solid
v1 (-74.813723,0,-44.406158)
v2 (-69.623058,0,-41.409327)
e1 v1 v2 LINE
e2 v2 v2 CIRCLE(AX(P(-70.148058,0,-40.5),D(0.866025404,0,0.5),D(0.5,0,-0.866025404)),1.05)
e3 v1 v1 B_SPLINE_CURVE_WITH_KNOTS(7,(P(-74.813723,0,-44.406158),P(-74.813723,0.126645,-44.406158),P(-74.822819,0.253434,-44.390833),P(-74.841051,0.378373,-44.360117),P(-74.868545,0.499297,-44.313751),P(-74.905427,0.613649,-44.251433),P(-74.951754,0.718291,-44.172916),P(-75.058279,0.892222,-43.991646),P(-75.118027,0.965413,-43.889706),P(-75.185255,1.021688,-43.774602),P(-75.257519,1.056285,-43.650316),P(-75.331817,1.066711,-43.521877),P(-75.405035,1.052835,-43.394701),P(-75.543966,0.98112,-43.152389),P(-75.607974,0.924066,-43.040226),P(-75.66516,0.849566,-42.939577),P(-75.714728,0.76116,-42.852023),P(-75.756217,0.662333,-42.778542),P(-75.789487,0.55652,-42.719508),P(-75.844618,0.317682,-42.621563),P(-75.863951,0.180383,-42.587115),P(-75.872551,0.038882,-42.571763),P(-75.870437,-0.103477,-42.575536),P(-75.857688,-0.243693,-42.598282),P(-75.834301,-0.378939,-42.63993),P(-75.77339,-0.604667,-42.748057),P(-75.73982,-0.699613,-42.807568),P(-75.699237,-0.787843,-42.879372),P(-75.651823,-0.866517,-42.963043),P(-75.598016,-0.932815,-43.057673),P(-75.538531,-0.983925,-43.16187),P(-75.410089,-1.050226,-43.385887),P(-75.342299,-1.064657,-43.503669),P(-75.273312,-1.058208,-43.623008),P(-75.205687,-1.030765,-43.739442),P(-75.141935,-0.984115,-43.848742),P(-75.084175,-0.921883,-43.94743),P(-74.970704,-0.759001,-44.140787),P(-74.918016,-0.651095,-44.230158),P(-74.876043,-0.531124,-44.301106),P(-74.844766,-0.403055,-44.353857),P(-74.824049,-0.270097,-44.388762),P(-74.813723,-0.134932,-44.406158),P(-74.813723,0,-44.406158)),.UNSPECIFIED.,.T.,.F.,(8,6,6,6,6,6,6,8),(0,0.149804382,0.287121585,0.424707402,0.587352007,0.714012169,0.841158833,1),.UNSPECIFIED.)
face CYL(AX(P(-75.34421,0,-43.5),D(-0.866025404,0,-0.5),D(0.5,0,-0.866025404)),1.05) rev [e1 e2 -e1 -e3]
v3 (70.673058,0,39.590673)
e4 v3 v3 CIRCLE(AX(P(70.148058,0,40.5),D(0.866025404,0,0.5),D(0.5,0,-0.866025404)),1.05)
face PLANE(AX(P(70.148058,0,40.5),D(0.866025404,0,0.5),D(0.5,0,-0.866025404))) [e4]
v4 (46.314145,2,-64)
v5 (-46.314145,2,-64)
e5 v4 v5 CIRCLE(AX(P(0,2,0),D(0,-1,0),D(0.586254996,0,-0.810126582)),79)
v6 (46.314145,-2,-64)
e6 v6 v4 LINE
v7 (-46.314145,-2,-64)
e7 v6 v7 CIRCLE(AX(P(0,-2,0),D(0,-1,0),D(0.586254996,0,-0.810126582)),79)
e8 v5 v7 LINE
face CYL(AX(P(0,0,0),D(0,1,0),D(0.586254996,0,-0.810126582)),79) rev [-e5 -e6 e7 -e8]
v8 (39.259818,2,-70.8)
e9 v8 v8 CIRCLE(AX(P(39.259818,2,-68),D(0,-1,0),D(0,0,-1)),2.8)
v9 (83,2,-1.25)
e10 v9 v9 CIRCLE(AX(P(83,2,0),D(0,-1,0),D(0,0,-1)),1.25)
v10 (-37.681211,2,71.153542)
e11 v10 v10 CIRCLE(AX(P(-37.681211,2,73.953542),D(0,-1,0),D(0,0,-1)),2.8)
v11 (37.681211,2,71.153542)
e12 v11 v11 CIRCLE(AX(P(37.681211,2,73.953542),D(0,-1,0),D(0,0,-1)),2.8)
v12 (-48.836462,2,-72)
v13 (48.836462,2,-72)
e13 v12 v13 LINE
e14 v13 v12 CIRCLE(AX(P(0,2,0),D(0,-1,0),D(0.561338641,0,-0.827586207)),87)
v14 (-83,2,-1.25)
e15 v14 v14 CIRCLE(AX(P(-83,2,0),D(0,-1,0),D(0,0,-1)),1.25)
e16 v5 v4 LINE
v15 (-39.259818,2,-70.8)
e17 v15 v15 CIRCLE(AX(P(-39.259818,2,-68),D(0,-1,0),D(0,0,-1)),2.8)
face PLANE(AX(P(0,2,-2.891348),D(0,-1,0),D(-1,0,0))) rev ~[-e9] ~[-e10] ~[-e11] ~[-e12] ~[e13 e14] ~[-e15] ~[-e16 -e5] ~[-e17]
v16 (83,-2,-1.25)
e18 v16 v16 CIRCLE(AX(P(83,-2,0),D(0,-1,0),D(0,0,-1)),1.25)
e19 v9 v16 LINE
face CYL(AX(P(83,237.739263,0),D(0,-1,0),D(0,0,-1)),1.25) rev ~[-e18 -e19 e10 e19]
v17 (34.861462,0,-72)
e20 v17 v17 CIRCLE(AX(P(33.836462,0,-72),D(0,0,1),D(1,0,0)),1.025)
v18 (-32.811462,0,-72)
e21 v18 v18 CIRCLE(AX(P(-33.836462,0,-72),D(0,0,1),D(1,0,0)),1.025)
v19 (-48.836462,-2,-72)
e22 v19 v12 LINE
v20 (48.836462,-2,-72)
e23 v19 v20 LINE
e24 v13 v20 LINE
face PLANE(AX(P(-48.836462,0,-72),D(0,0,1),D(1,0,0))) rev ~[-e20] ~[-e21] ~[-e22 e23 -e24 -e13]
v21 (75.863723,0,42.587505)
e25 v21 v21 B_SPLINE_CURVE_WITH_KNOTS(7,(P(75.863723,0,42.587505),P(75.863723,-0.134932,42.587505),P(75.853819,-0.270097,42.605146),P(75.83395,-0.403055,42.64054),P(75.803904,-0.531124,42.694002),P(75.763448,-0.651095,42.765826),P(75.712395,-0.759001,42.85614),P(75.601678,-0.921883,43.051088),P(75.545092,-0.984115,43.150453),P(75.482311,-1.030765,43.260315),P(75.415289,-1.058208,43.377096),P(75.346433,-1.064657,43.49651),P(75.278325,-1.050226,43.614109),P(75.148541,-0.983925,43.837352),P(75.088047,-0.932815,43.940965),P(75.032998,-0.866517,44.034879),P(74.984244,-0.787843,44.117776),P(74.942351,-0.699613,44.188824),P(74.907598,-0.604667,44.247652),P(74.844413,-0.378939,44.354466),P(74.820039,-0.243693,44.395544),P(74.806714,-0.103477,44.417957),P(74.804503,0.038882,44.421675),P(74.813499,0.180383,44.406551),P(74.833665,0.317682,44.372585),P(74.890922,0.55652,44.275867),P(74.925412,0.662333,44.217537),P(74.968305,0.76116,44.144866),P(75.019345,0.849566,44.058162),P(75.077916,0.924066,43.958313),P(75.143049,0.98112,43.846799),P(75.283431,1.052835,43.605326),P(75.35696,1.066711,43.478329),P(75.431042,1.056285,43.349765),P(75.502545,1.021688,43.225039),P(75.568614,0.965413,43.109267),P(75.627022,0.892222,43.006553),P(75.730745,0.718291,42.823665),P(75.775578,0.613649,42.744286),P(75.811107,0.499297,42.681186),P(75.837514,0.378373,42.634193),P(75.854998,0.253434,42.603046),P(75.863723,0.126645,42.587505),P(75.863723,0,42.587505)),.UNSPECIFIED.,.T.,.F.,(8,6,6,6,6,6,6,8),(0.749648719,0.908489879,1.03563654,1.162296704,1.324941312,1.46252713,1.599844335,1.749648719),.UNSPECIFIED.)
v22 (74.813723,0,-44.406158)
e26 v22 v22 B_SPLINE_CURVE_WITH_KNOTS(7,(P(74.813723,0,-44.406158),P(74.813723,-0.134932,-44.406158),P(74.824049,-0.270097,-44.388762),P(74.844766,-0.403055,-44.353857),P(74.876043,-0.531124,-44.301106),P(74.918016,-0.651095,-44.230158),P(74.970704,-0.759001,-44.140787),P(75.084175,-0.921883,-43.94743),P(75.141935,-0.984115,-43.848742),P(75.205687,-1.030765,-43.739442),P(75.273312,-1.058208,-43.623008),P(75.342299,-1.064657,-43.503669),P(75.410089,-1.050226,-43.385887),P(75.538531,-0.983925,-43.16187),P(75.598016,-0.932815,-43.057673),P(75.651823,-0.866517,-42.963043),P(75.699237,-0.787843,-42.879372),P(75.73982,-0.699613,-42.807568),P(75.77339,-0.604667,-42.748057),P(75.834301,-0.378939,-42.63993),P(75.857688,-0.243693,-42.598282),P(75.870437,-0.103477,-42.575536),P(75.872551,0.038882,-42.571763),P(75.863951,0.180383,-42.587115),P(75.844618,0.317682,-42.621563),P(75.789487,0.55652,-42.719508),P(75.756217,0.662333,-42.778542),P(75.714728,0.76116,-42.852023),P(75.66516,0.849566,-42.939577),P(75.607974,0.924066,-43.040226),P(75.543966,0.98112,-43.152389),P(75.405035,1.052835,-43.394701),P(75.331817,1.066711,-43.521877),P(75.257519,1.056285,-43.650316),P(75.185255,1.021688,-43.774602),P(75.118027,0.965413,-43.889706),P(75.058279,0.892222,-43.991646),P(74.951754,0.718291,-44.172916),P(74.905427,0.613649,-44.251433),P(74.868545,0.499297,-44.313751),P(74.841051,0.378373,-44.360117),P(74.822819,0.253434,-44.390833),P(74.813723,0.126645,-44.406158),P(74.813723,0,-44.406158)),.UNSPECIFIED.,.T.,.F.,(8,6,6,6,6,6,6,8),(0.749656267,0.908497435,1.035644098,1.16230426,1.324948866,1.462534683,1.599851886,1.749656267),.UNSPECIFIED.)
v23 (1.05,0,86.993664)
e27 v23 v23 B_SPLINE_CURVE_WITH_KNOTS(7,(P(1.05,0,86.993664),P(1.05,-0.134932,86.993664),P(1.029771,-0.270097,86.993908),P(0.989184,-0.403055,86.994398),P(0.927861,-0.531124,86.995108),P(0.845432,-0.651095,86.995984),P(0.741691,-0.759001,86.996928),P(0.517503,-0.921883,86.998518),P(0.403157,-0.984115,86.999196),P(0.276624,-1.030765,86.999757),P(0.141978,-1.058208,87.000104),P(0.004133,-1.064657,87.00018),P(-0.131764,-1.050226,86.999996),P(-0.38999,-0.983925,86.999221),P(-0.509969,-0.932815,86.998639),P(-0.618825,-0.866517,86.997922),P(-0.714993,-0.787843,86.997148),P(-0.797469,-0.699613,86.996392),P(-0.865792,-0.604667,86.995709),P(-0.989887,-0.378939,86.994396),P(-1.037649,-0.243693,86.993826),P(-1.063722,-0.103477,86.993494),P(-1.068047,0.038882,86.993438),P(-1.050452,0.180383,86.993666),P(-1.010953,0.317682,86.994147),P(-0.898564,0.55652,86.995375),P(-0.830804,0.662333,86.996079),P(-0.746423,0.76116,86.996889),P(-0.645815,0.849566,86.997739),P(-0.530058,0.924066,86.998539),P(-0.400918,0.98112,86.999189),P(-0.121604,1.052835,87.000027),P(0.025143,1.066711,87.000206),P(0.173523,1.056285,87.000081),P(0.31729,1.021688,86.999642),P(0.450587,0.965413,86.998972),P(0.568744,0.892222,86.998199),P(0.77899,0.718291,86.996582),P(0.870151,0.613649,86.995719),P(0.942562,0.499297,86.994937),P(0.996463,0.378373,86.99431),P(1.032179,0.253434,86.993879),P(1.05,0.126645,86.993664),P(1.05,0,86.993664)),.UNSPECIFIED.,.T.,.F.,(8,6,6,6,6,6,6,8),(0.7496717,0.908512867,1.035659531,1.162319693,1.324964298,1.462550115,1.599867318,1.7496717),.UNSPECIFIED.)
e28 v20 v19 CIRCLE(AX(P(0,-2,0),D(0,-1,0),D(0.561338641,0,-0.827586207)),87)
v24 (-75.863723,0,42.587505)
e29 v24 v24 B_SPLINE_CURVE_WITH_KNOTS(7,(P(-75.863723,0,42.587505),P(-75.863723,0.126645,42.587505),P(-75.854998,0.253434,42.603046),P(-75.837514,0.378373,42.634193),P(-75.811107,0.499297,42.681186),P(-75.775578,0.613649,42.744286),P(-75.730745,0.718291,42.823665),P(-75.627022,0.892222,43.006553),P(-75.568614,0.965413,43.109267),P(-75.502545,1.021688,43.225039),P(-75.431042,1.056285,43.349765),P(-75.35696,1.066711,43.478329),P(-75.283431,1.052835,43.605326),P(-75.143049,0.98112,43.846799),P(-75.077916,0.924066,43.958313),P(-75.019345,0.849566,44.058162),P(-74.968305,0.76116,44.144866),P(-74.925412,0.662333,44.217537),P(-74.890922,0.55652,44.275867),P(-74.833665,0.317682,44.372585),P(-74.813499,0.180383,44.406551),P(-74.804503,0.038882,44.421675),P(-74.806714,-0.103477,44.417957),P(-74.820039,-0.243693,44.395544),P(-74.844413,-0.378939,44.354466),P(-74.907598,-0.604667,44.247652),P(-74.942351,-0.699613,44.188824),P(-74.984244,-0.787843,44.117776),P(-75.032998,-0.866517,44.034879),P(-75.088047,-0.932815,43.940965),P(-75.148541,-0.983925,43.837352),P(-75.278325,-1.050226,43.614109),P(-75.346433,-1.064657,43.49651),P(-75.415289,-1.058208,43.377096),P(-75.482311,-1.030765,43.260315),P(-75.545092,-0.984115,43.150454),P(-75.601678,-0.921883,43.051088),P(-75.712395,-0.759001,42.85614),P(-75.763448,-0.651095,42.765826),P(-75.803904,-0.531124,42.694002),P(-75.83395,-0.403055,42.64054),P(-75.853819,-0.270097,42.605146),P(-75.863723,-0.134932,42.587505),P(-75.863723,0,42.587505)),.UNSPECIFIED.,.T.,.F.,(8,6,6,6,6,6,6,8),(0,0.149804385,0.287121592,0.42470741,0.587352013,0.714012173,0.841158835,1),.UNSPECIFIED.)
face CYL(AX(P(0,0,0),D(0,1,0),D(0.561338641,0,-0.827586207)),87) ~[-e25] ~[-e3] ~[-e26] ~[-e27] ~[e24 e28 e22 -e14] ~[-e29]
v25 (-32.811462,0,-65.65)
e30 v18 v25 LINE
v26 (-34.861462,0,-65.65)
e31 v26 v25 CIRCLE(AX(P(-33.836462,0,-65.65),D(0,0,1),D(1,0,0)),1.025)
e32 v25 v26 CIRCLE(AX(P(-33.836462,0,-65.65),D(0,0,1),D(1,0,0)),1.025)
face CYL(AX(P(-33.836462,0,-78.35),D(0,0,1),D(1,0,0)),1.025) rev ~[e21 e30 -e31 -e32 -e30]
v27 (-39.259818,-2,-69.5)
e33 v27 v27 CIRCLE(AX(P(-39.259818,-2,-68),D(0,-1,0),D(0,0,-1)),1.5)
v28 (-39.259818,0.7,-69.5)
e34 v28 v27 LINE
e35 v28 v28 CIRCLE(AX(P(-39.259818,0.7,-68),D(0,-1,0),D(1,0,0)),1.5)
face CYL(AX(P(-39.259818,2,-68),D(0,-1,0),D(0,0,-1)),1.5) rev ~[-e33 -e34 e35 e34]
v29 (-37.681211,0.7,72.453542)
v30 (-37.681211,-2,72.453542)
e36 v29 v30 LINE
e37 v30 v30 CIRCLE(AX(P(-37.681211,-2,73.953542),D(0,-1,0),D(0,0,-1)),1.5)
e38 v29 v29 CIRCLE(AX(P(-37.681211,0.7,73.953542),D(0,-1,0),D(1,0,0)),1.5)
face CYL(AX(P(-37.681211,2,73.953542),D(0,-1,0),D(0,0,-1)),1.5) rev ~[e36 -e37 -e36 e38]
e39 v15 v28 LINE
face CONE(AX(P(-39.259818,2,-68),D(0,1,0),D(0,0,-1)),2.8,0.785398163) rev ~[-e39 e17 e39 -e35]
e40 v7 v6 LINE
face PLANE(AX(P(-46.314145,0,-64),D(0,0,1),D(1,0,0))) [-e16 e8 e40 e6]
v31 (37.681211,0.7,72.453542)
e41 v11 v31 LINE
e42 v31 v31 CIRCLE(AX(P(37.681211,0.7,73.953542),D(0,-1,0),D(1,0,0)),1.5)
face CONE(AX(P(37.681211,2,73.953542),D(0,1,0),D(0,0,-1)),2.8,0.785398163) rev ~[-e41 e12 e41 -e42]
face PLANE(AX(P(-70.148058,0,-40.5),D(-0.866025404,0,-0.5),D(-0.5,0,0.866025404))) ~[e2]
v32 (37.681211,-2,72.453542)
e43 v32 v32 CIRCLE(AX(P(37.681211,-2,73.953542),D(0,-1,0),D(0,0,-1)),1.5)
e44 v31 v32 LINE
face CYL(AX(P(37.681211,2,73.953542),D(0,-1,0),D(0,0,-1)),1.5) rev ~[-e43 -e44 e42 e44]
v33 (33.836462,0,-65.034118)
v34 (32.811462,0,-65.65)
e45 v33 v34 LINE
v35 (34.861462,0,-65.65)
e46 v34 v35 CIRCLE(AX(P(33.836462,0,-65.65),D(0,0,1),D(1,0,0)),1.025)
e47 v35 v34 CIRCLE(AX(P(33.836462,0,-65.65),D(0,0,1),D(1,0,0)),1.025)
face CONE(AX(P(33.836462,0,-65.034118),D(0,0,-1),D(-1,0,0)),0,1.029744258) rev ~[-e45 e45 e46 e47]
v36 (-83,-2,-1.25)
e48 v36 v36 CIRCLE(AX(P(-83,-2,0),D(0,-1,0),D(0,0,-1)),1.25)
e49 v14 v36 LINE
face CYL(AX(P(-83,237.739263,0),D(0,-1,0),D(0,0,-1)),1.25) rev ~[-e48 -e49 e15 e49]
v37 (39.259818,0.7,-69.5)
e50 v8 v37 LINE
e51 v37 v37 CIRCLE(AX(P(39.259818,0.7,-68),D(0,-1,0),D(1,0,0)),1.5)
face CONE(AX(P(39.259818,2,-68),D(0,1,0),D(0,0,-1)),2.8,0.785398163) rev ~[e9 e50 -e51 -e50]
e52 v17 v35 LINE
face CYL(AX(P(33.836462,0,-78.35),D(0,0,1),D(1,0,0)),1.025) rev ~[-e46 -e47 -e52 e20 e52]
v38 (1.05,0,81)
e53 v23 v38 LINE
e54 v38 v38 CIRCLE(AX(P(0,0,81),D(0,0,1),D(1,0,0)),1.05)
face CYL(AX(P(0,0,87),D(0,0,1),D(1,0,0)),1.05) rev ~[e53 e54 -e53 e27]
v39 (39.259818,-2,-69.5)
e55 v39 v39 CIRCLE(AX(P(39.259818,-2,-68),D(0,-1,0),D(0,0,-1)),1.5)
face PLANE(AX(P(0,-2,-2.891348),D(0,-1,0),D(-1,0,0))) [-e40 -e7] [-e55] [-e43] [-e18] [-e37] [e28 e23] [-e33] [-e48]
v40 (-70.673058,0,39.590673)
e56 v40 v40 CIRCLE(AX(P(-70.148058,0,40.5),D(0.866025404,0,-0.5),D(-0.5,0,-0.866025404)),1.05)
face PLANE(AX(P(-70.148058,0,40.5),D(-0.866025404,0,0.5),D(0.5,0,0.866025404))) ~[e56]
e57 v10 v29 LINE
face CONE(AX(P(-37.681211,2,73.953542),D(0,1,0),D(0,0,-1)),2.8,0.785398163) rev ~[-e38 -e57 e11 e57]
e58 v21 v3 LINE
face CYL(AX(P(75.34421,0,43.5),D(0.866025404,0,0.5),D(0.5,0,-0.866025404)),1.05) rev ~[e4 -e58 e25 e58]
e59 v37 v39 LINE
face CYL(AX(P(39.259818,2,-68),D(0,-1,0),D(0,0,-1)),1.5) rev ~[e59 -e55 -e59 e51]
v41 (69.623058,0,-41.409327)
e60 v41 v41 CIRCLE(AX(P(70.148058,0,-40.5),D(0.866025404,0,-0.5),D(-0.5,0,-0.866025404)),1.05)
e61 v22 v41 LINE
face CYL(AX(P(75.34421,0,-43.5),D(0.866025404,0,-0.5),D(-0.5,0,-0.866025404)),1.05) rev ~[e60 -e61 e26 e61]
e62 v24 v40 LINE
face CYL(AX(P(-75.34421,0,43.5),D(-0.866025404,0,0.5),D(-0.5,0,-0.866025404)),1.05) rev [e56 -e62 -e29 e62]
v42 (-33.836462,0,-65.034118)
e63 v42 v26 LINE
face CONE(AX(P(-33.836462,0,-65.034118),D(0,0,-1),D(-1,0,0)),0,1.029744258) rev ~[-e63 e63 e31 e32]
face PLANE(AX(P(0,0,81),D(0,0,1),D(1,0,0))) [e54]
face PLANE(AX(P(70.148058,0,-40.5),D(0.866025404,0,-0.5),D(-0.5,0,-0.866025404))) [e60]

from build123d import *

# Parameters (mm, degrees)
BOSS_EXTRUDE1_DEPTH           = 2
CSK_FOR_M3_SFHCS1_D           = 3
CSK_FOR_M3_SFHCS1_DEPTH       = 9.5
CSK_FOR_M3_SFHCS1_CSINK_D     = 5.6
CSK_FOR_M3_SFHCS1_CSINK_ANGLE = 90
CSK_FOR_M3_SFHCS1_TIP         = 0.901290929
SKETCH6_R                     = 1.05
CUT_EXTRUDE1_DEPTH            = 6
SKETCH7_R                     = 1.05
CUT_EXTRUDE2_DEPTH            = 6
SKETCH8_R                     = 1.05
CUT_EXTRUDE3_DEPTH            = 6
M2_5X0_45_TAPPED_HOLE1_D      = 2.05
M2_5X0_45_TAPPED_HOLE1_DEPTH  = 6.35
M2_5X0_45_TAPPED_HOLE1_TIP    = 0.615882135
TAP_DRILL_FOR_M3X0_5_TAP1_D   = 2.5


with BuildPart() as part:
    # Sketch1 → Boss-Extrude1 (new, symmetric)
    with BuildSketch(Plane(origin=(0, 0, 0), x_dir=(1, 0, 0), z_dir=(0, 1, 0))):
        with BuildLine():
            Line((-48.836461788, 72), (48.836461788, 72))
            ThreePointArc((48.836461788, 72), (0, -87), (-48.836461788, 72))
        make_face()
        with BuildLine():
            Line((-46.314144708, 64), (46.314144708, 64))
            ThreePointArc((46.314144708, 64), (0, -79), (-46.314144708, 64))
        make_face(mode=Mode.SUBTRACT)
    extrude(amount=BOSS_EXTRUDE1_DEPTH, both=True)

    # CSK for M3 SFHCS1
    with Locations(Plane(origin=(-37.681211478, 2, 73.953541508), x_dir=(0, 0, 1), z_dir=(0, 1, 0))):
        with Locations((0, 0), (-141.953541508, -1.578606827), (-141.953541508, 76.941029783), (0, 75.362422956)):
            CounterSinkHole(CSK_FOR_M3_SFHCS1_D / 2, CSK_FOR_M3_SFHCS1_CSINK_D / 2, depth=CSK_FOR_M3_SFHCS1_DEPTH, counter_sink_angle=CSK_FOR_M3_SFHCS1_CSINK_ANGLE)
            with Locations((0, 0, -(CSK_FOR_M3_SFHCS1_DEPTH + CSK_FOR_M3_SFHCS1_TIP / 2))):  # 118° drill point
                Cone(0, CSK_FOR_M3_SFHCS1_D / 2, CSK_FOR_M3_SFHCS1_TIP, mode=Mode.SUBTRACT)

    # Sketch6 → Cut-Extrude1 (cut)
    with BuildSketch(Plane(origin=(75.344210129, 0, -43.5), x_dir=(-0.49999999999999784, 0, -0.86602540378444), z_dir=(0.86602540378444, 0, -0.49999999999999784))):
        Circle(SKETCH6_R)
    cut_extrude1 = extrude(amount=-CUT_EXTRUDE1_DEPTH, mode=Mode.SUBTRACT)

    # Sketch7 → Cut-Extrude2 (cut)
    with BuildSketch(Plane(origin=(75.344210129, 0, 43.5), x_dir=(0.5000000000000047, 0, -0.866025403784436), z_dir=(0.866025403784436, 0, 0.5000000000000047))):
        Circle(SKETCH7_R)
    cut_extrude2 = extrude(amount=-CUT_EXTRUDE2_DEPTH, mode=Mode.SUBTRACT)

    # Mirror1: Cut-Extrude1, Cut-Extrude2 across plane
    add(cut_extrude1.mirror(Plane(origin=(0, 0, 0), x_dir=(0, 0, 1), z_dir=(1, 0, 0))), mode=Mode.SUBTRACT)
    add(cut_extrude2.mirror(Plane(origin=(0, 0, 0), x_dir=(0, 0, 1), z_dir=(1, 0, 0))), mode=Mode.SUBTRACT)

    # Sketch8 → Cut-Extrude3 (cut)
    with BuildSketch(Plane.XY.offset(87)):
        Circle(SKETCH8_R)
    extrude(amount=-CUT_EXTRUDE3_DEPTH, mode=Mode.SUBTRACT)

    # M2.5x0.45 Tapped Hole1
    with Locations(Plane(origin=(33.836461788, 0, -72), x_dir=(-1, 0, 0), z_dir=(0, 0, -1))):
        with Locations((0, 0), (67.672923576, 0)):
            Hole(M2_5X0_45_TAPPED_HOLE1_D / 2, depth=M2_5X0_45_TAPPED_HOLE1_DEPTH)
            with Locations((0, 0, -(M2_5X0_45_TAPPED_HOLE1_DEPTH + M2_5X0_45_TAPPED_HOLE1_TIP / 2))):  # 118° drill point
                Cone(0, M2_5X0_45_TAPPED_HOLE1_D / 2, M2_5X0_45_TAPPED_HOLE1_TIP, mode=Mode.SUBTRACT)

    # Tap Drill for M3x0.5 Tap1 (through all)
    with Locations(Plane(origin=(-83, 2, 0), x_dir=(0, 0, 1), z_dir=(0, 1, 0))):
        with Locations((0, 0), (0, 166)):
            Hole(TAP_DRILL_FOR_M3X0_5_TAP1_D / 2)


solid = part.part
